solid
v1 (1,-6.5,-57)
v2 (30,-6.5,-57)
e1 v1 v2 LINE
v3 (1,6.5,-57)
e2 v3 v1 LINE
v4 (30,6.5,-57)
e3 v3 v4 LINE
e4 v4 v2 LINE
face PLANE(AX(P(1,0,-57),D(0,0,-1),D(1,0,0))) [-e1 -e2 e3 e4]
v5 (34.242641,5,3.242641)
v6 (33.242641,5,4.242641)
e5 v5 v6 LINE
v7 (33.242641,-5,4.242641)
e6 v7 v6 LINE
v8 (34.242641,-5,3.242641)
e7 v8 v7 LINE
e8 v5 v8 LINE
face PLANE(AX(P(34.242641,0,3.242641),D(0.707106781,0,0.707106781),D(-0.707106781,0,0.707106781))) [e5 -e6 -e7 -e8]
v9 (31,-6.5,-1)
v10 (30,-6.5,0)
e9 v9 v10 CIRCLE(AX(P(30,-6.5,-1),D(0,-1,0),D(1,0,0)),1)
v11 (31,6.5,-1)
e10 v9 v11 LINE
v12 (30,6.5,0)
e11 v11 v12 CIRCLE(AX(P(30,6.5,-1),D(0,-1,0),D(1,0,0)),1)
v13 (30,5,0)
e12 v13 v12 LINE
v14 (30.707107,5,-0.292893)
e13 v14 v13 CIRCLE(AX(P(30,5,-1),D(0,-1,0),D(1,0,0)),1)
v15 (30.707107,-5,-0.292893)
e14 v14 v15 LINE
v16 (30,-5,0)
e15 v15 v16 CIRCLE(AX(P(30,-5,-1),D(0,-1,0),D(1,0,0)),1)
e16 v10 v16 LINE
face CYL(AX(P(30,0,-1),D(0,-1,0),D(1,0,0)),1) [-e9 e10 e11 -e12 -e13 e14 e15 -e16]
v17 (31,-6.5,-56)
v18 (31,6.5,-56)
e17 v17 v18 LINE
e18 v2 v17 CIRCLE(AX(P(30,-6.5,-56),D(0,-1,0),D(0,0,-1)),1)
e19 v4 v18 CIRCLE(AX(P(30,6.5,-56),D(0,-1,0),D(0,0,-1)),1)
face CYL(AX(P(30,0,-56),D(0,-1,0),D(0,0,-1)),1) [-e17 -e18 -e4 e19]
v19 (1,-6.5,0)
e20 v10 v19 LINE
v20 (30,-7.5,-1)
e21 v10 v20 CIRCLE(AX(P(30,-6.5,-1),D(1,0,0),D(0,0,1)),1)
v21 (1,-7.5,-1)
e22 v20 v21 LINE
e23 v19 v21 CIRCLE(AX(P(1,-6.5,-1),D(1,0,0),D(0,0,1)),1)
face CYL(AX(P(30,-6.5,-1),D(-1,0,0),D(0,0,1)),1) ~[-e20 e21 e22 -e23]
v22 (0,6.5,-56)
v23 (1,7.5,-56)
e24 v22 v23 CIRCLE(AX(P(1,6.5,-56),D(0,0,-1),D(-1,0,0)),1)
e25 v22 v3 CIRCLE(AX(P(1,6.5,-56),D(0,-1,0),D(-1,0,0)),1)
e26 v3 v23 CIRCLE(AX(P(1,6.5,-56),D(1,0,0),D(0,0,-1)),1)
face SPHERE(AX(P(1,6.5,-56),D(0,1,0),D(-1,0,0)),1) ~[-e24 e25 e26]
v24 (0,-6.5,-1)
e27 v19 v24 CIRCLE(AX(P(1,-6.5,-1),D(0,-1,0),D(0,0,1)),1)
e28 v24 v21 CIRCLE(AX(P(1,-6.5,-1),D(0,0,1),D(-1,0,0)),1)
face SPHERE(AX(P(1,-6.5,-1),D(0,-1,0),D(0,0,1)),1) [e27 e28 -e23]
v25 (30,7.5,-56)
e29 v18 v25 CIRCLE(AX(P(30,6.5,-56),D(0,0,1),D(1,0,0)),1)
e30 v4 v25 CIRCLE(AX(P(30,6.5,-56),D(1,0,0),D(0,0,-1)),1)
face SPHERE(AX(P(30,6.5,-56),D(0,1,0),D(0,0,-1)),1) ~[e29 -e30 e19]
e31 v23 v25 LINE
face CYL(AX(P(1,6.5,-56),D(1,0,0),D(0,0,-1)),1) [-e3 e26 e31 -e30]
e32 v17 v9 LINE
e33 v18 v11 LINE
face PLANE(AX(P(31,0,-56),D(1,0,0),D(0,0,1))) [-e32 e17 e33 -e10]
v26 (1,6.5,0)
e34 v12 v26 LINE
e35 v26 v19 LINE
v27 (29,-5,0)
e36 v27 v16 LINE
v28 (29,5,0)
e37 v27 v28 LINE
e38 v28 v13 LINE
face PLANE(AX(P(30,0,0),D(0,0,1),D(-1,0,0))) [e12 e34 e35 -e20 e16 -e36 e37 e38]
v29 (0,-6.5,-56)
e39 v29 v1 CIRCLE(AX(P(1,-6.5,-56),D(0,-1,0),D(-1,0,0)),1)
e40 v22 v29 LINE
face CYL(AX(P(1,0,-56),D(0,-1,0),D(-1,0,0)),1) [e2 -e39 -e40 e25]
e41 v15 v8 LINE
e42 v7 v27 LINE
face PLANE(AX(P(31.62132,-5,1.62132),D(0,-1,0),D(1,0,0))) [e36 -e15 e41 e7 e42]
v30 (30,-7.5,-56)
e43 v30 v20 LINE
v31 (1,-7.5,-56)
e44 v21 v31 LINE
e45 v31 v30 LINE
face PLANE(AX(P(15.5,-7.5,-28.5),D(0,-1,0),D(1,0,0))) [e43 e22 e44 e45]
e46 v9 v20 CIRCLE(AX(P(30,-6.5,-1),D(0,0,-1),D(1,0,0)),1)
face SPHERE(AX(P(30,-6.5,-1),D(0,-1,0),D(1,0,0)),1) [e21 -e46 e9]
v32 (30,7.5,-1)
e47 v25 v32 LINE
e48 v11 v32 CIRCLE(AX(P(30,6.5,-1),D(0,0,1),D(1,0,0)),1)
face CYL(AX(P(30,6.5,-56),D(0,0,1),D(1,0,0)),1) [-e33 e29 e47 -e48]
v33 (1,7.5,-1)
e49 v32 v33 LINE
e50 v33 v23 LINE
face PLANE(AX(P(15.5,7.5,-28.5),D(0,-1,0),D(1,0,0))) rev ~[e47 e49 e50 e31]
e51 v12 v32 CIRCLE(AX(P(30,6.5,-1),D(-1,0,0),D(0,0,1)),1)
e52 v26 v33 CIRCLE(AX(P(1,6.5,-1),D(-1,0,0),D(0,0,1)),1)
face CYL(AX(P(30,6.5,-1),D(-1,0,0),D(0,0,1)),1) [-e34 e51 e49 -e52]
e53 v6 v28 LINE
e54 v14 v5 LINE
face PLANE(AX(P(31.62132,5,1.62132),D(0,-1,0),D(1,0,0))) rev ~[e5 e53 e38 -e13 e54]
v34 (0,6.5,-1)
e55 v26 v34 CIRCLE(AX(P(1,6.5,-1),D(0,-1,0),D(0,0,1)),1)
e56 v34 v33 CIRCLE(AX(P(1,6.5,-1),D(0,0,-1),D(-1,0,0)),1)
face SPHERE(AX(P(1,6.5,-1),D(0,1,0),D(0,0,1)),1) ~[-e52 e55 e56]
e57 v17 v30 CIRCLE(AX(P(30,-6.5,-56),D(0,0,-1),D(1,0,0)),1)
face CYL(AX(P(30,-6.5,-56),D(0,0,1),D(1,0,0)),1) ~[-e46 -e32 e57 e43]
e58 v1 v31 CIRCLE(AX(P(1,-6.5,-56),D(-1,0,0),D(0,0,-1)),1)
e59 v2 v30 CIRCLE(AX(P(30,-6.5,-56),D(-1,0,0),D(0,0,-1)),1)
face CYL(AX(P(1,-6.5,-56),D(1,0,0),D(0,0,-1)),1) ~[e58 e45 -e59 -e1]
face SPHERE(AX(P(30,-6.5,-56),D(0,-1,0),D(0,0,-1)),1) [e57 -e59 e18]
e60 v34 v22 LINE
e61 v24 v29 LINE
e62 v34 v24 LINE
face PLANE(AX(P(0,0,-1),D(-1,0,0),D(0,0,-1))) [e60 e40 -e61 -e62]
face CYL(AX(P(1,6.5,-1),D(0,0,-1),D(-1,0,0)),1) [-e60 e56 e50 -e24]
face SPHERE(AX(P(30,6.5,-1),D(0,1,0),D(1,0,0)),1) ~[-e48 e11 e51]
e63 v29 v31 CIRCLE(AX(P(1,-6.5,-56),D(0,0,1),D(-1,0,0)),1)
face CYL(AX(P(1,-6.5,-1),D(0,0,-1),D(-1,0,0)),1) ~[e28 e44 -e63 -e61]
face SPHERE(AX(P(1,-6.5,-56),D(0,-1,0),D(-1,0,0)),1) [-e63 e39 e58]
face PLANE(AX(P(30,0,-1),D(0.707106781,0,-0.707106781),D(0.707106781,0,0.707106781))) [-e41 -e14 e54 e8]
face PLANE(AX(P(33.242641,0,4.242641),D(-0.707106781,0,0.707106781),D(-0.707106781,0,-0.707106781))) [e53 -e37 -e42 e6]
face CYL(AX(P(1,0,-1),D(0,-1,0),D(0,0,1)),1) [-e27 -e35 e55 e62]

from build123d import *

# Parameters (mm, degrees)
F1_DEPTH = 7.5
F2_R     = 1
F4_DEPTH = 5


with BuildPart() as f1:
    # F0 (on Front) → F1 (new body, symmetric)
    with BuildSketch(Plane.XZ):
        with BuildLine():
            Line((30, 0), (1, 0))
            ThreePointArc((1, 0), (0.2928932188, -0.2928932188), (0, -1))
            Line((0, -1), (0, -56))
            ThreePointArc((0, -56), (0.2928932188, -56.7071067812), (1, -57))
            Line((1, -57), (30, -57))
            ThreePointArc((30, -57), (30.7071067812, -56.7071067812), (31, -56))
            Line((31, -56), (31, -1))
            ThreePointArc((31, -1), (30.7071067812, -0.2928932188), (30, 0))
        make_face()
    extrude(amount=F1_DEPTH, both=True)

    # F2
    f2_edges = [f1.edges().sort_by_distance(p)[0] for p in [
        (15.5, -7.5, 0),
        (0.292893, -7.5, -0.292893),
        (0, -7.5, -28.5),
        (0.292893, -7.5, -56.707107),
        (15.5, -7.5, -57),
        (30.707107, -7.5, -56.707107),
        (31, -7.5, -28.5),
        (30.707107, -7.5, -0.292893),
        (15.5, 7.5, 0),
        (0.292893, 7.5, -0.292893),
        (0, 7.5, -28.5),
        (0.292893, 7.5, -56.707107),
        (15.5, 7.5, -57),
        (30.707107, 7.5, -56.707107),
        (31, 7.5, -28.5),
        (30.707107, 7.5, -0.292893),
    ]]
    fillet(f2_edges, radius=F2_R)

    # F3 (on Front) → F4 (join, symmetric)
    with BuildSketch(Plane.XZ):
        Polygon((29, 0), (30, -1), (34.2426406871, 3.2426406871), (33.2426406871, 4.2426406871), align=None)
    extrude(amount=F4_DEPTH, both=True)


solid = f1.part
